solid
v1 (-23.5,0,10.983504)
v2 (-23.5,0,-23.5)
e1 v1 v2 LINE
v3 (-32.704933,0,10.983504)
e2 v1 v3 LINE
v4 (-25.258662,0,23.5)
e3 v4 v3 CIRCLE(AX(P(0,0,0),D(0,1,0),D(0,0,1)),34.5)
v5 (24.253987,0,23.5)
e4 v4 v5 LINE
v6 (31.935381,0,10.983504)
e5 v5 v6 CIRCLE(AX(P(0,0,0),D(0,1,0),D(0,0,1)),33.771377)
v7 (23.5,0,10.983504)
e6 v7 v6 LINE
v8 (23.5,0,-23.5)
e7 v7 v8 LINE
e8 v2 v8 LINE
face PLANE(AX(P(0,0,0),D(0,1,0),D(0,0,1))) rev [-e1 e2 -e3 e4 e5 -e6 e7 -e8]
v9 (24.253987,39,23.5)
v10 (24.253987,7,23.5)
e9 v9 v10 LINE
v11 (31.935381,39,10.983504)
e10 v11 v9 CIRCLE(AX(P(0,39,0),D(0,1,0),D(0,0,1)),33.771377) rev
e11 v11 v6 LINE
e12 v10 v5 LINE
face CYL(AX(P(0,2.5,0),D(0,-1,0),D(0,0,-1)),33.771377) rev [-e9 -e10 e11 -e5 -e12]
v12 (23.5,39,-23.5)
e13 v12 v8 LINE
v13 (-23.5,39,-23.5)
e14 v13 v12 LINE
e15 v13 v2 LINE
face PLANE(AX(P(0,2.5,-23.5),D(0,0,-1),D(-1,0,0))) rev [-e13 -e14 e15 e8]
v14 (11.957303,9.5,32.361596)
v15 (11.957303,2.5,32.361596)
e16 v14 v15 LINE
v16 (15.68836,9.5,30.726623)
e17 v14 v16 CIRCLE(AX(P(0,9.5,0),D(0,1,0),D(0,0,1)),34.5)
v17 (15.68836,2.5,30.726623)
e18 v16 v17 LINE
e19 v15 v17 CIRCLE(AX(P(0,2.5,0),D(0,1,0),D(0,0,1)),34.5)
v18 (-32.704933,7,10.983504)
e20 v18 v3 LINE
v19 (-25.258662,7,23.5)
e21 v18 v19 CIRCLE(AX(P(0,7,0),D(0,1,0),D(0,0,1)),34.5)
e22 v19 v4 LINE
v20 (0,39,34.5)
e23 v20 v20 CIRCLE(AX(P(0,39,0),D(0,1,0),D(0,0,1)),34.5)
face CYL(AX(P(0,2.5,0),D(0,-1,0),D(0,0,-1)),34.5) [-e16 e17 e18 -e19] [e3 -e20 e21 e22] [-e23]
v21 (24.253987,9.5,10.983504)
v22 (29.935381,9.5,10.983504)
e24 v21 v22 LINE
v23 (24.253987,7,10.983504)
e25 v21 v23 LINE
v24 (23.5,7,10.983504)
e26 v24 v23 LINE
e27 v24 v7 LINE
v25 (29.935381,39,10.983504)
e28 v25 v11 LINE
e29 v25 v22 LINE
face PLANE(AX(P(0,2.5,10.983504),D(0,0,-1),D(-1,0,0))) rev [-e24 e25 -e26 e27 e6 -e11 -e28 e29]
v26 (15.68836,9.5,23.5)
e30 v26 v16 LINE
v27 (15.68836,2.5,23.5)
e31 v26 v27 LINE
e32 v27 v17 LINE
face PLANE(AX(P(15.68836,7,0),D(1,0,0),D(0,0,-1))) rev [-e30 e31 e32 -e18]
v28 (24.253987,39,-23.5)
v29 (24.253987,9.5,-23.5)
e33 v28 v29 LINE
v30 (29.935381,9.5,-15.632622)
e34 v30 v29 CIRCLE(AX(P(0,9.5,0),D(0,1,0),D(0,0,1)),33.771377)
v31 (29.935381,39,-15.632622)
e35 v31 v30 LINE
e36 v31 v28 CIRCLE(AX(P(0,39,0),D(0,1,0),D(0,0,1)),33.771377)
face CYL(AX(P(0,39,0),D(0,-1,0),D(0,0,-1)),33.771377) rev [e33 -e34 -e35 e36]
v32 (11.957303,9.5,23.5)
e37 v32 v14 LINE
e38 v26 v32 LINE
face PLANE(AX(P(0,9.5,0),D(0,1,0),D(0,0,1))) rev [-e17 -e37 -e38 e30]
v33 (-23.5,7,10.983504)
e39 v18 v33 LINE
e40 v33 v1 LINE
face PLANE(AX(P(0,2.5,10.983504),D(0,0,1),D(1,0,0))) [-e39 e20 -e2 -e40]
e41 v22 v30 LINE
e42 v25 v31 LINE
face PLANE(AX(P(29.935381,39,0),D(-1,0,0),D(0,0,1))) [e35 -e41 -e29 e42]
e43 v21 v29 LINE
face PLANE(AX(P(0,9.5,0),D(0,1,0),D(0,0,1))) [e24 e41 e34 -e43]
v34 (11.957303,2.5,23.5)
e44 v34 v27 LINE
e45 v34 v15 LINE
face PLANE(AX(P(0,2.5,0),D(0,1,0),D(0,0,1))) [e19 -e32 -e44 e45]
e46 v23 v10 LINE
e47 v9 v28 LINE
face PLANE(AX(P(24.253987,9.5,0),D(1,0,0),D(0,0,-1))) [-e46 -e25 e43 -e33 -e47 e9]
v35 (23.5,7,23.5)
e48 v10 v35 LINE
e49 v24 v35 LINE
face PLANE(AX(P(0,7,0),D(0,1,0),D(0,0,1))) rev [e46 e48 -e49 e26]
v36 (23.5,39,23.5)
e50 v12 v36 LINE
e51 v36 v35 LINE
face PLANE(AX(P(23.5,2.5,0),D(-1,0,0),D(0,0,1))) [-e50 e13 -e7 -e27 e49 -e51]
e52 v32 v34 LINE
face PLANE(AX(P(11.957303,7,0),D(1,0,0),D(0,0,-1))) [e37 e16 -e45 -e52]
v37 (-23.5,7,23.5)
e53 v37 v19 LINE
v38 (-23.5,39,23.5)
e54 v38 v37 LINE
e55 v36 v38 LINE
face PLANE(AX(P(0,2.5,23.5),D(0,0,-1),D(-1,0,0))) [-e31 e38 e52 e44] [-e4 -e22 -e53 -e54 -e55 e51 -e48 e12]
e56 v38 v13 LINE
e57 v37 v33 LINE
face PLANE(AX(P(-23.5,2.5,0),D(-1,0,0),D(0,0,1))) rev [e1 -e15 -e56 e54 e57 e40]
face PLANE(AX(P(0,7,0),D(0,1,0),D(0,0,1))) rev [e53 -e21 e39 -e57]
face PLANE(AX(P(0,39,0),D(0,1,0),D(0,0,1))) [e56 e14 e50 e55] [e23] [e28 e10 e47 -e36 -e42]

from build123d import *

# Parameters (mm, degrees)
BOSS_EXTRUDE1_DEPTH = 2.5
BOSS_EXTRUDE2_DEPTH = 4.5
SKETCH3_W           = 0.753987371
SKETCH3_H           = 12.516496397
BOSS_EXTRUDE3_DEPTH = 2.5
BOSS_EXTRUDE4_DEPTH = 29.5


with BuildPart() as part:
    # Sketch1 → Boss-Extrude1 (new body)
    with BuildSketch(Plane(origin=(0, 0, 0), x_dir=(1, 0, 0), z_dir=(0, 1, 0))):
        with BuildLine():
            Line((23.5, -23.5), (-23.5, -23.5))
            Line((-23.5, -23.5), (-25.258661881, -23.5))
            ThreePointArc((-25.258661881, -23.5), (12.625889377, -32.106649116), (34.5, 0))
            ThreePointArc((34.5, 0), (-5.56461177, 34.04827596), (-32.704933093, -10.983503603))
            Line((-32.704933093, -10.983503603), (-23.5, -10.983503603))
            Line((-23.5, -10.983503603), (-23.5, 23.5))
            Line((-23.5, 23.5), (23.5, 23.5))
            Line((23.5, 23.5), (23.5, -10.983503603))
            Line((23.5, -10.983503603), (31.93538088, -10.983503603))
            ThreePointArc((31.93538088, -10.983503603), (28.783275467, -17.66434139), (24.253987371, -23.5))
            Line((24.253987371, -23.5), (23.5, -23.5))
        make_face()
    extrude(amount=BOSS_EXTRUDE1_DEPTH)

    # Sketch2 → Boss-Extrude2 (add)
    with BuildSketch(Plane(origin=(0, 2.5, 0), x_dir=(1, 0, 0), z_dir=(0, 1, 0))):
        with BuildLine():
            Line((23.5, 23.5), (23.5, -10.983503603))
            Line((23.5, -10.983503603), (31.93538088, -10.983503603))
            ThreePointArc((31.93538088, -10.983503603), (28.783275467, -17.66434139), (24.253987371, -23.5))
            Line((24.253987371, -23.5), (15.688360219, -23.5))
            Line((15.688360219, -23.5), (15.688360219, -30.726622881))
            ThreePointArc((15.688360219, -30.726622881), (13.032214999, 31.943878478), (-32.704933093, -10.983503603))
            Line((-32.704933093, -10.983503603), (-23.5, -10.983503603))
            Line((-23.5, -10.983503603), (-23.5, 23.5))
            Line((-23.5, 23.5), (23.5, 23.5))
        make_face()
        with BuildLine():
            Line((11.957302625, -23.5), (-25.258661881, -23.5))
            ThreePointArc((-25.258661881, -23.5), (-7.991464927, -33.561681846), (11.957302625, -32.361596282))
            Line((11.957302625, -32.361596282), (11.957302625, -23.5))
        make_face()
    extrude(amount=BOSS_EXTRUDE2_DEPTH)

    # Sketch3 → Boss-Extrude3 (add)
    with BuildSketch(Plane(origin=(0, 7, 0), x_dir=(1, 0, 0), z_dir=(0, 1, 0))):
        with BuildLine():
            Line((-23.5, -23.5), (-23.5, -10.983503603))
            Line((-23.5, -10.983503603), (-32.704933093, -10.983503603))
            ThreePointArc((-32.704933093, -10.983503603), (-14.895360155, -31.118776419), (11.957302625, -32.361596282))
            Line((11.957302625, -32.361596282), (11.957302625, -23.5))
            Line((11.957302625, -23.5), (-23.5, -23.5))
        make_face()
        with Locations((23.876993686, -17.241751802)):
            Rectangle(SKETCH3_W, SKETCH3_H)
        with BuildLine():
            ThreePointArc((31.93538088, -10.983503603), (28.783275467, -17.66434139), (24.253987371, -23.5))
            Line((24.253987371, -23.5), (15.688360219, -23.5))
            Line((15.688360219, -23.5), (15.688360219, -30.726622881))
            ThreePointArc((15.688360219, -30.726622881), (13.032214999, 31.943878478), (-32.704933093, -10.983503603))
            Line((-32.704933093, -10.983503603), (-23.5, -10.983503603))
            Line((-23.5, -10.983503603), (-23.5, 23.5))
            Line((-23.5, 23.5), (23.5, 23.5))
            Line((23.5, 23.5), (23.5, -10.983503603))
            Line((23.5, -10.983503603), (31.93538088, -10.983503603))
        make_face()
    extrude(amount=BOSS_EXTRUDE3_DEPTH)

    # Sketch4 → Boss-Extrude4 (add)
    # profile 1 of 2: a face of its own
    with BuildSketch(Plane(origin=(0, 9.5, 0), x_dir=(1, 0, 0), z_dir=(0, 1, 0))):
        with BuildLine():
            Line((11.957302625, -23.5), (-23.5, -23.5))
            Line((-23.5, -23.5), (-23.5, 23.5))
            Line((-23.5, 23.5), (23.5, 23.5))
            Line((23.5, 23.5), (23.5, -23.5))
            Line((23.5, -23.5), (15.688360219, -23.5))
            Line((15.688360219, -23.5), (15.688360219, -30.726622881))
            ThreePointArc((15.688360219, -30.726622881), (29.423616599, -18.013905357), (34.5, 0))
            ThreePointArc((34.5, 0), (-28.308805525, 19.71957225), (11.957302625, -32.361596282))
            Line((11.957302625, -32.361596282), (11.957302625, -23.5))
        make_face()
        with BuildLine():
            ThreePointArc((31.93538088, -10.983503603), (28.783275467, -17.66434139), (24.253987371, -23.5))
            Line((24.253987371, -23.5), (24.253987371, -10.983503603))
            Line((24.253987371, -10.983503603), (24.253987371, 23.5))
            ThreePointArc((24.253987371, 23.5), (27.378747533, 19.771446252), (29.93538088, 15.632622139))
            Line((29.93538088, 15.632622139), (29.93538088, -10.983503603))
            Line((29.93538088, -10.983503603), (31.93538088, -10.983503603))
        make_face(mode=Mode.SUBTRACT)
    # profile 2 of 2: a face of its own
    with BuildSketch(Plane(origin=(0, 9.5, 0), x_dir=(1, 0, 0), z_dir=(0, 1, 0))):
        with BuildLine():
            Line((15.688360219, -23.5), (11.957302625, -23.5))
            Line((11.957302625, -23.5), (11.957302625, -32.361596282))
            ThreePointArc((11.957302625, -32.361596282), (13.846983535, -31.599225417), (15.688360219, -30.726622881))
            Line((15.688360219, -30.726622881), (15.688360219, -23.5))
        make_face()
    extrude(amount=BOSS_EXTRUDE4_DEPTH)


solid = part.part
